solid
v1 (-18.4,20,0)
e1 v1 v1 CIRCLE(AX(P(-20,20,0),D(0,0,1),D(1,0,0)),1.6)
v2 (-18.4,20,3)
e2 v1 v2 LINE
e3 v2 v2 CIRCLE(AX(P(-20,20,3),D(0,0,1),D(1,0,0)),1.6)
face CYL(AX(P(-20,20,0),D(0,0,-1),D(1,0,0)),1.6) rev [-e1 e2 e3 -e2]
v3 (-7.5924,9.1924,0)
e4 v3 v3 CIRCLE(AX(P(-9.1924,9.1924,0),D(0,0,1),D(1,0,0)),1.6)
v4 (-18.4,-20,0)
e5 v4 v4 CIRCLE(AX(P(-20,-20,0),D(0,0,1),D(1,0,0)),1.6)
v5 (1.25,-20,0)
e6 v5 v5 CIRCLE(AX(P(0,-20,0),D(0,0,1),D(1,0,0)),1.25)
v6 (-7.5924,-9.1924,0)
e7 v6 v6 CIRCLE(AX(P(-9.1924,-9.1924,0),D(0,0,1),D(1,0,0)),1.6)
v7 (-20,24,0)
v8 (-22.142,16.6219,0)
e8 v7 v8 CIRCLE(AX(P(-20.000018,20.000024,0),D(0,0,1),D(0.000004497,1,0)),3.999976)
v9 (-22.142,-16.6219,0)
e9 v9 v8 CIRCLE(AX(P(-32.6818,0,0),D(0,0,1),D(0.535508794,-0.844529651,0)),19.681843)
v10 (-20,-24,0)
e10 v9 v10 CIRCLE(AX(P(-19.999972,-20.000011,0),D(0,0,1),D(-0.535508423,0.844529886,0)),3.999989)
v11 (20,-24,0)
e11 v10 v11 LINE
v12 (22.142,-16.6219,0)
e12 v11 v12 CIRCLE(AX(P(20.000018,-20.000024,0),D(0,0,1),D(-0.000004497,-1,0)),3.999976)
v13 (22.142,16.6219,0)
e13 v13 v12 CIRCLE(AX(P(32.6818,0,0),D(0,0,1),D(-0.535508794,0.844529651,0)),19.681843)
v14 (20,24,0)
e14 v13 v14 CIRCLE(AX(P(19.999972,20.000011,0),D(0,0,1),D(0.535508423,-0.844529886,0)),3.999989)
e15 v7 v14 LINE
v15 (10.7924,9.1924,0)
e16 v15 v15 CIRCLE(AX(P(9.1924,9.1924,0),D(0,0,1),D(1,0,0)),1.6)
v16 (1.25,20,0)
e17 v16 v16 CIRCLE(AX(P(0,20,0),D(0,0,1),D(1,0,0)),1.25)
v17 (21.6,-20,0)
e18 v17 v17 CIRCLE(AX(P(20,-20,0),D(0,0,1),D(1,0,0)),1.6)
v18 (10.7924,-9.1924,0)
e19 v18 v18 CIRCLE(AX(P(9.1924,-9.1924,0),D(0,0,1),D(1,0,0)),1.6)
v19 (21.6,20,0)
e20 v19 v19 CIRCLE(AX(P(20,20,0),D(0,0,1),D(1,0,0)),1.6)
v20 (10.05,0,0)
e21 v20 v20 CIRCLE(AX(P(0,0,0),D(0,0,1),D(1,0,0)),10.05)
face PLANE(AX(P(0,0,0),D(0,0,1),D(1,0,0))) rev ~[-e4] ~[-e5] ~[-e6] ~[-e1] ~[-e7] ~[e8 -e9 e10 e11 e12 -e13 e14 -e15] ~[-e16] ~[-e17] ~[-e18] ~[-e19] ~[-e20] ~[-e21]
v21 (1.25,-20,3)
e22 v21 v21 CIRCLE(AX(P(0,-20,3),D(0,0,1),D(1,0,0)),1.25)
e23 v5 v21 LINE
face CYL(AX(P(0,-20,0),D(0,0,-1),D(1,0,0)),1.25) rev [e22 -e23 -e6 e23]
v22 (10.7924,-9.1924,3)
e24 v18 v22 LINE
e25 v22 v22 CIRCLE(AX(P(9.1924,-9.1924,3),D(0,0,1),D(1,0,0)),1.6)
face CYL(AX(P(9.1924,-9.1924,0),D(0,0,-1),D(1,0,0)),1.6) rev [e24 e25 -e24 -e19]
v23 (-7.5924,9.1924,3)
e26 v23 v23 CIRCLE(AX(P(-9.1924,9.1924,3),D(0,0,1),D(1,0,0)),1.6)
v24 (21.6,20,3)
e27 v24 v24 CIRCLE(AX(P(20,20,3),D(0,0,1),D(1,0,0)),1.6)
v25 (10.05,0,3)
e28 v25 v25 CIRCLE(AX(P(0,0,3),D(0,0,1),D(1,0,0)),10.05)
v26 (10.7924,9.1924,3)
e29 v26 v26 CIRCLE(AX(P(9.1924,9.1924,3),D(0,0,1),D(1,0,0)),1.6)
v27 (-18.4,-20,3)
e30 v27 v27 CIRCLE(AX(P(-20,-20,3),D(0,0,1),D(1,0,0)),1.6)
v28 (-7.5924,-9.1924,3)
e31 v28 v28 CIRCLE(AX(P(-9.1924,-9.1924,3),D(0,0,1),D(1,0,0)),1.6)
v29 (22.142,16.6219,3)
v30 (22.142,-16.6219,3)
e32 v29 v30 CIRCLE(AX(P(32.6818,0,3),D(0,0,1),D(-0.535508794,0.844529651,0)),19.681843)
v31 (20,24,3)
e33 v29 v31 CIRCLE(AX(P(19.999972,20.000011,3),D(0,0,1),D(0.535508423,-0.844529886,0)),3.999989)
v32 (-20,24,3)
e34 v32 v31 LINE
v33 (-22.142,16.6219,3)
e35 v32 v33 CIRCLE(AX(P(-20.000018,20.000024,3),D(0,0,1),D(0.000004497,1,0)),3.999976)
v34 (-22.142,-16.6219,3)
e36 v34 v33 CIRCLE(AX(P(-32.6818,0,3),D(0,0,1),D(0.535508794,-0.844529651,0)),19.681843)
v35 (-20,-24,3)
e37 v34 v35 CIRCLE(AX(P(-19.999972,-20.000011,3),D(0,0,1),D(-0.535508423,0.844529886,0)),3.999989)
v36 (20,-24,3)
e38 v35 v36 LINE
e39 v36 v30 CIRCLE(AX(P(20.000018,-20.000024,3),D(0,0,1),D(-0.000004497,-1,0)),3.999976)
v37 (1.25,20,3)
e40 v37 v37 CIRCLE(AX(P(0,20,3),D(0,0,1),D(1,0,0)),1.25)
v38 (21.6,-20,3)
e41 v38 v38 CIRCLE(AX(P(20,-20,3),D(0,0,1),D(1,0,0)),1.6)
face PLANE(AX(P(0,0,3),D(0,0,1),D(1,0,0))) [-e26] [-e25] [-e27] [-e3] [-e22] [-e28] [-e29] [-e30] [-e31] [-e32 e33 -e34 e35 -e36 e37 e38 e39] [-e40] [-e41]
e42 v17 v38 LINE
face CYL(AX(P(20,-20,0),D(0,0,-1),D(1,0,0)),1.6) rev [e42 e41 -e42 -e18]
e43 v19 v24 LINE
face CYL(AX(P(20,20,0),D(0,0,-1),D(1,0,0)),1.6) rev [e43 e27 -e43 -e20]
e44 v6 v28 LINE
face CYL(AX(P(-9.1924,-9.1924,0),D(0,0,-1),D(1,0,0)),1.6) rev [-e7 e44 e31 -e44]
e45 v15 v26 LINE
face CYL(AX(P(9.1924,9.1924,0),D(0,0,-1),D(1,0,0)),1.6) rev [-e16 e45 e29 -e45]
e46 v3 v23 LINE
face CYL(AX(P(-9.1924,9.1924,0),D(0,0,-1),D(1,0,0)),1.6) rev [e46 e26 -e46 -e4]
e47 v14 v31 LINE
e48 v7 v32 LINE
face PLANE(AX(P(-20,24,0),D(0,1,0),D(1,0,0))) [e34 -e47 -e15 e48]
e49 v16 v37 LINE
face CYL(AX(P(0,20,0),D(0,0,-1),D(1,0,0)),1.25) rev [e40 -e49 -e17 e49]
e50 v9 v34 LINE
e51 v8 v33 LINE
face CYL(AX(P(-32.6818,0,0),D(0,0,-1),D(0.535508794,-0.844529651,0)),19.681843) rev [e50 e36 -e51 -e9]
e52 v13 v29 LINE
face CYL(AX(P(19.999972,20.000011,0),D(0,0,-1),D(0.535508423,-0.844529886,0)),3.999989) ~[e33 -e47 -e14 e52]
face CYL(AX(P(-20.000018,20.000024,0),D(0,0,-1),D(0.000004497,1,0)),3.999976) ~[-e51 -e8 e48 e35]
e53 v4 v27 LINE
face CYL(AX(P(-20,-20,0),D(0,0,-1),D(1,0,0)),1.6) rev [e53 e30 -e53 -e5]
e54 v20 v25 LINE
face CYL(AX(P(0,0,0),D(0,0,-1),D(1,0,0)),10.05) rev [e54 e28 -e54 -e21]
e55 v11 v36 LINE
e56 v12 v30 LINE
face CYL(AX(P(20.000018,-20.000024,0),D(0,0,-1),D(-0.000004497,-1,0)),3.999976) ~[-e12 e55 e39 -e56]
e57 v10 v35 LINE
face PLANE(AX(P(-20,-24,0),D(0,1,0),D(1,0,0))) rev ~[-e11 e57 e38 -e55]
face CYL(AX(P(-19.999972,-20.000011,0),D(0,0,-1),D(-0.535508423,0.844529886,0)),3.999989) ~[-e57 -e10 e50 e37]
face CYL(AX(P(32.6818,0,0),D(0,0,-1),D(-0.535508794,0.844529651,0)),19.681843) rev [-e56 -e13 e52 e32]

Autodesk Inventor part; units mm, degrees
ref_plane "YZ Plane" through (0, 0, 0) normal (1, 0, 0) x (0, 1, 0)
ref_plane "XZ Plane" through (0, 0, 0) normal (0, 1, 0) x (-1, 0, 0)
ref_plane "XY Plane" through (0, 0, 0) normal (0, 0, 1) x (1, 0, 0)
sketch "スケッチ1" plane through (0, 0, 0) normal (0, 0, 1) x (1, 0, 0)
  circle A0 centre (0, 0) radius 10.05
  line L0 (20, 20) -> (-20, 20) construction
  line L1 (-20, 20) -> (-20, -20) construction
  line L2 (-20, -20) -> (20, -20) construction
  line L3 (20, -20) -> (20, 20) construction
  line L4 (20, 20) -> (-20, -20) construction
  line L5 (-20, 20) -> (20, -20) construction
  circle A1 centre (-20, 20) radius 1.6
  circle A2 centre (20, 20) radius 1.6
  circle A3 centre (20, -20) radius 1.6
  circle A4 centre (-20, -20) radius 1.6
  circle A5 centre (0, 0) radius 13 construction
  circle A6 centre (9.1924, 9.1924) radius 1.6
  circle A7 centre (-9.1924, 9.1924) radius 1.6
  circle A8 centre (-9.1924, -9.1924) radius 1.6
  circle A9 centre (9.1924, -9.1924) radius 1.6
  arc A10 (-20, 24) -> (-22.142, 16.6219) centre (-20, 20) ccw
  arc A11 (-22.142, -16.6219) -> (-20, -24) centre (-20, -20) ccw
  arc A12 (20, -24) -> (22.142, -16.6219) centre (20, -20) ccw
  arc A13 (22.142, 16.6219) -> (20, 24) centre (20, 20) ccw
  arc A14 (22.142, 16.6219) -> (22.142, -16.6219) centre (32.6818, 0) ccw
  arc A15 (-22.142, -16.6219) -> (-22.142, 16.6219) centre (-32.6818, 0) ccw
  circle A16 centre (0, 20) radius 1.25
  circle A17 centre (0, -20) radius 1.25
  line L6 (-20, 24) -> (20, 24)
  line L7 (-20, -24) -> (20, -24)
  dimension "d0" = 20.1
  dimension "d1" = 40
  dimension "d2" = 40
  dimension "d3" = 3.2
  dimension "d4" = 3.2
  dimension "d5" = 3.2
  dimension "d6" = 3.2
  dimension "d7" = 26
  dimension "d8" = 3.2
  dimension "d9" = 3.2
  dimension "d10" = 3.2
  dimension "d11" = 3.2
  dimension "d12" = 4
  dimension "d13" = 4
  dimension "d14" = 4
  dimension "d15" = 4
  dimension "d18" = 2.5
  dimension "d19" = 2.5
extrude "押し出し1" add sketch "スケッチ1" along normal blind 3
properties part number "関節3_555側_モータマウント"
